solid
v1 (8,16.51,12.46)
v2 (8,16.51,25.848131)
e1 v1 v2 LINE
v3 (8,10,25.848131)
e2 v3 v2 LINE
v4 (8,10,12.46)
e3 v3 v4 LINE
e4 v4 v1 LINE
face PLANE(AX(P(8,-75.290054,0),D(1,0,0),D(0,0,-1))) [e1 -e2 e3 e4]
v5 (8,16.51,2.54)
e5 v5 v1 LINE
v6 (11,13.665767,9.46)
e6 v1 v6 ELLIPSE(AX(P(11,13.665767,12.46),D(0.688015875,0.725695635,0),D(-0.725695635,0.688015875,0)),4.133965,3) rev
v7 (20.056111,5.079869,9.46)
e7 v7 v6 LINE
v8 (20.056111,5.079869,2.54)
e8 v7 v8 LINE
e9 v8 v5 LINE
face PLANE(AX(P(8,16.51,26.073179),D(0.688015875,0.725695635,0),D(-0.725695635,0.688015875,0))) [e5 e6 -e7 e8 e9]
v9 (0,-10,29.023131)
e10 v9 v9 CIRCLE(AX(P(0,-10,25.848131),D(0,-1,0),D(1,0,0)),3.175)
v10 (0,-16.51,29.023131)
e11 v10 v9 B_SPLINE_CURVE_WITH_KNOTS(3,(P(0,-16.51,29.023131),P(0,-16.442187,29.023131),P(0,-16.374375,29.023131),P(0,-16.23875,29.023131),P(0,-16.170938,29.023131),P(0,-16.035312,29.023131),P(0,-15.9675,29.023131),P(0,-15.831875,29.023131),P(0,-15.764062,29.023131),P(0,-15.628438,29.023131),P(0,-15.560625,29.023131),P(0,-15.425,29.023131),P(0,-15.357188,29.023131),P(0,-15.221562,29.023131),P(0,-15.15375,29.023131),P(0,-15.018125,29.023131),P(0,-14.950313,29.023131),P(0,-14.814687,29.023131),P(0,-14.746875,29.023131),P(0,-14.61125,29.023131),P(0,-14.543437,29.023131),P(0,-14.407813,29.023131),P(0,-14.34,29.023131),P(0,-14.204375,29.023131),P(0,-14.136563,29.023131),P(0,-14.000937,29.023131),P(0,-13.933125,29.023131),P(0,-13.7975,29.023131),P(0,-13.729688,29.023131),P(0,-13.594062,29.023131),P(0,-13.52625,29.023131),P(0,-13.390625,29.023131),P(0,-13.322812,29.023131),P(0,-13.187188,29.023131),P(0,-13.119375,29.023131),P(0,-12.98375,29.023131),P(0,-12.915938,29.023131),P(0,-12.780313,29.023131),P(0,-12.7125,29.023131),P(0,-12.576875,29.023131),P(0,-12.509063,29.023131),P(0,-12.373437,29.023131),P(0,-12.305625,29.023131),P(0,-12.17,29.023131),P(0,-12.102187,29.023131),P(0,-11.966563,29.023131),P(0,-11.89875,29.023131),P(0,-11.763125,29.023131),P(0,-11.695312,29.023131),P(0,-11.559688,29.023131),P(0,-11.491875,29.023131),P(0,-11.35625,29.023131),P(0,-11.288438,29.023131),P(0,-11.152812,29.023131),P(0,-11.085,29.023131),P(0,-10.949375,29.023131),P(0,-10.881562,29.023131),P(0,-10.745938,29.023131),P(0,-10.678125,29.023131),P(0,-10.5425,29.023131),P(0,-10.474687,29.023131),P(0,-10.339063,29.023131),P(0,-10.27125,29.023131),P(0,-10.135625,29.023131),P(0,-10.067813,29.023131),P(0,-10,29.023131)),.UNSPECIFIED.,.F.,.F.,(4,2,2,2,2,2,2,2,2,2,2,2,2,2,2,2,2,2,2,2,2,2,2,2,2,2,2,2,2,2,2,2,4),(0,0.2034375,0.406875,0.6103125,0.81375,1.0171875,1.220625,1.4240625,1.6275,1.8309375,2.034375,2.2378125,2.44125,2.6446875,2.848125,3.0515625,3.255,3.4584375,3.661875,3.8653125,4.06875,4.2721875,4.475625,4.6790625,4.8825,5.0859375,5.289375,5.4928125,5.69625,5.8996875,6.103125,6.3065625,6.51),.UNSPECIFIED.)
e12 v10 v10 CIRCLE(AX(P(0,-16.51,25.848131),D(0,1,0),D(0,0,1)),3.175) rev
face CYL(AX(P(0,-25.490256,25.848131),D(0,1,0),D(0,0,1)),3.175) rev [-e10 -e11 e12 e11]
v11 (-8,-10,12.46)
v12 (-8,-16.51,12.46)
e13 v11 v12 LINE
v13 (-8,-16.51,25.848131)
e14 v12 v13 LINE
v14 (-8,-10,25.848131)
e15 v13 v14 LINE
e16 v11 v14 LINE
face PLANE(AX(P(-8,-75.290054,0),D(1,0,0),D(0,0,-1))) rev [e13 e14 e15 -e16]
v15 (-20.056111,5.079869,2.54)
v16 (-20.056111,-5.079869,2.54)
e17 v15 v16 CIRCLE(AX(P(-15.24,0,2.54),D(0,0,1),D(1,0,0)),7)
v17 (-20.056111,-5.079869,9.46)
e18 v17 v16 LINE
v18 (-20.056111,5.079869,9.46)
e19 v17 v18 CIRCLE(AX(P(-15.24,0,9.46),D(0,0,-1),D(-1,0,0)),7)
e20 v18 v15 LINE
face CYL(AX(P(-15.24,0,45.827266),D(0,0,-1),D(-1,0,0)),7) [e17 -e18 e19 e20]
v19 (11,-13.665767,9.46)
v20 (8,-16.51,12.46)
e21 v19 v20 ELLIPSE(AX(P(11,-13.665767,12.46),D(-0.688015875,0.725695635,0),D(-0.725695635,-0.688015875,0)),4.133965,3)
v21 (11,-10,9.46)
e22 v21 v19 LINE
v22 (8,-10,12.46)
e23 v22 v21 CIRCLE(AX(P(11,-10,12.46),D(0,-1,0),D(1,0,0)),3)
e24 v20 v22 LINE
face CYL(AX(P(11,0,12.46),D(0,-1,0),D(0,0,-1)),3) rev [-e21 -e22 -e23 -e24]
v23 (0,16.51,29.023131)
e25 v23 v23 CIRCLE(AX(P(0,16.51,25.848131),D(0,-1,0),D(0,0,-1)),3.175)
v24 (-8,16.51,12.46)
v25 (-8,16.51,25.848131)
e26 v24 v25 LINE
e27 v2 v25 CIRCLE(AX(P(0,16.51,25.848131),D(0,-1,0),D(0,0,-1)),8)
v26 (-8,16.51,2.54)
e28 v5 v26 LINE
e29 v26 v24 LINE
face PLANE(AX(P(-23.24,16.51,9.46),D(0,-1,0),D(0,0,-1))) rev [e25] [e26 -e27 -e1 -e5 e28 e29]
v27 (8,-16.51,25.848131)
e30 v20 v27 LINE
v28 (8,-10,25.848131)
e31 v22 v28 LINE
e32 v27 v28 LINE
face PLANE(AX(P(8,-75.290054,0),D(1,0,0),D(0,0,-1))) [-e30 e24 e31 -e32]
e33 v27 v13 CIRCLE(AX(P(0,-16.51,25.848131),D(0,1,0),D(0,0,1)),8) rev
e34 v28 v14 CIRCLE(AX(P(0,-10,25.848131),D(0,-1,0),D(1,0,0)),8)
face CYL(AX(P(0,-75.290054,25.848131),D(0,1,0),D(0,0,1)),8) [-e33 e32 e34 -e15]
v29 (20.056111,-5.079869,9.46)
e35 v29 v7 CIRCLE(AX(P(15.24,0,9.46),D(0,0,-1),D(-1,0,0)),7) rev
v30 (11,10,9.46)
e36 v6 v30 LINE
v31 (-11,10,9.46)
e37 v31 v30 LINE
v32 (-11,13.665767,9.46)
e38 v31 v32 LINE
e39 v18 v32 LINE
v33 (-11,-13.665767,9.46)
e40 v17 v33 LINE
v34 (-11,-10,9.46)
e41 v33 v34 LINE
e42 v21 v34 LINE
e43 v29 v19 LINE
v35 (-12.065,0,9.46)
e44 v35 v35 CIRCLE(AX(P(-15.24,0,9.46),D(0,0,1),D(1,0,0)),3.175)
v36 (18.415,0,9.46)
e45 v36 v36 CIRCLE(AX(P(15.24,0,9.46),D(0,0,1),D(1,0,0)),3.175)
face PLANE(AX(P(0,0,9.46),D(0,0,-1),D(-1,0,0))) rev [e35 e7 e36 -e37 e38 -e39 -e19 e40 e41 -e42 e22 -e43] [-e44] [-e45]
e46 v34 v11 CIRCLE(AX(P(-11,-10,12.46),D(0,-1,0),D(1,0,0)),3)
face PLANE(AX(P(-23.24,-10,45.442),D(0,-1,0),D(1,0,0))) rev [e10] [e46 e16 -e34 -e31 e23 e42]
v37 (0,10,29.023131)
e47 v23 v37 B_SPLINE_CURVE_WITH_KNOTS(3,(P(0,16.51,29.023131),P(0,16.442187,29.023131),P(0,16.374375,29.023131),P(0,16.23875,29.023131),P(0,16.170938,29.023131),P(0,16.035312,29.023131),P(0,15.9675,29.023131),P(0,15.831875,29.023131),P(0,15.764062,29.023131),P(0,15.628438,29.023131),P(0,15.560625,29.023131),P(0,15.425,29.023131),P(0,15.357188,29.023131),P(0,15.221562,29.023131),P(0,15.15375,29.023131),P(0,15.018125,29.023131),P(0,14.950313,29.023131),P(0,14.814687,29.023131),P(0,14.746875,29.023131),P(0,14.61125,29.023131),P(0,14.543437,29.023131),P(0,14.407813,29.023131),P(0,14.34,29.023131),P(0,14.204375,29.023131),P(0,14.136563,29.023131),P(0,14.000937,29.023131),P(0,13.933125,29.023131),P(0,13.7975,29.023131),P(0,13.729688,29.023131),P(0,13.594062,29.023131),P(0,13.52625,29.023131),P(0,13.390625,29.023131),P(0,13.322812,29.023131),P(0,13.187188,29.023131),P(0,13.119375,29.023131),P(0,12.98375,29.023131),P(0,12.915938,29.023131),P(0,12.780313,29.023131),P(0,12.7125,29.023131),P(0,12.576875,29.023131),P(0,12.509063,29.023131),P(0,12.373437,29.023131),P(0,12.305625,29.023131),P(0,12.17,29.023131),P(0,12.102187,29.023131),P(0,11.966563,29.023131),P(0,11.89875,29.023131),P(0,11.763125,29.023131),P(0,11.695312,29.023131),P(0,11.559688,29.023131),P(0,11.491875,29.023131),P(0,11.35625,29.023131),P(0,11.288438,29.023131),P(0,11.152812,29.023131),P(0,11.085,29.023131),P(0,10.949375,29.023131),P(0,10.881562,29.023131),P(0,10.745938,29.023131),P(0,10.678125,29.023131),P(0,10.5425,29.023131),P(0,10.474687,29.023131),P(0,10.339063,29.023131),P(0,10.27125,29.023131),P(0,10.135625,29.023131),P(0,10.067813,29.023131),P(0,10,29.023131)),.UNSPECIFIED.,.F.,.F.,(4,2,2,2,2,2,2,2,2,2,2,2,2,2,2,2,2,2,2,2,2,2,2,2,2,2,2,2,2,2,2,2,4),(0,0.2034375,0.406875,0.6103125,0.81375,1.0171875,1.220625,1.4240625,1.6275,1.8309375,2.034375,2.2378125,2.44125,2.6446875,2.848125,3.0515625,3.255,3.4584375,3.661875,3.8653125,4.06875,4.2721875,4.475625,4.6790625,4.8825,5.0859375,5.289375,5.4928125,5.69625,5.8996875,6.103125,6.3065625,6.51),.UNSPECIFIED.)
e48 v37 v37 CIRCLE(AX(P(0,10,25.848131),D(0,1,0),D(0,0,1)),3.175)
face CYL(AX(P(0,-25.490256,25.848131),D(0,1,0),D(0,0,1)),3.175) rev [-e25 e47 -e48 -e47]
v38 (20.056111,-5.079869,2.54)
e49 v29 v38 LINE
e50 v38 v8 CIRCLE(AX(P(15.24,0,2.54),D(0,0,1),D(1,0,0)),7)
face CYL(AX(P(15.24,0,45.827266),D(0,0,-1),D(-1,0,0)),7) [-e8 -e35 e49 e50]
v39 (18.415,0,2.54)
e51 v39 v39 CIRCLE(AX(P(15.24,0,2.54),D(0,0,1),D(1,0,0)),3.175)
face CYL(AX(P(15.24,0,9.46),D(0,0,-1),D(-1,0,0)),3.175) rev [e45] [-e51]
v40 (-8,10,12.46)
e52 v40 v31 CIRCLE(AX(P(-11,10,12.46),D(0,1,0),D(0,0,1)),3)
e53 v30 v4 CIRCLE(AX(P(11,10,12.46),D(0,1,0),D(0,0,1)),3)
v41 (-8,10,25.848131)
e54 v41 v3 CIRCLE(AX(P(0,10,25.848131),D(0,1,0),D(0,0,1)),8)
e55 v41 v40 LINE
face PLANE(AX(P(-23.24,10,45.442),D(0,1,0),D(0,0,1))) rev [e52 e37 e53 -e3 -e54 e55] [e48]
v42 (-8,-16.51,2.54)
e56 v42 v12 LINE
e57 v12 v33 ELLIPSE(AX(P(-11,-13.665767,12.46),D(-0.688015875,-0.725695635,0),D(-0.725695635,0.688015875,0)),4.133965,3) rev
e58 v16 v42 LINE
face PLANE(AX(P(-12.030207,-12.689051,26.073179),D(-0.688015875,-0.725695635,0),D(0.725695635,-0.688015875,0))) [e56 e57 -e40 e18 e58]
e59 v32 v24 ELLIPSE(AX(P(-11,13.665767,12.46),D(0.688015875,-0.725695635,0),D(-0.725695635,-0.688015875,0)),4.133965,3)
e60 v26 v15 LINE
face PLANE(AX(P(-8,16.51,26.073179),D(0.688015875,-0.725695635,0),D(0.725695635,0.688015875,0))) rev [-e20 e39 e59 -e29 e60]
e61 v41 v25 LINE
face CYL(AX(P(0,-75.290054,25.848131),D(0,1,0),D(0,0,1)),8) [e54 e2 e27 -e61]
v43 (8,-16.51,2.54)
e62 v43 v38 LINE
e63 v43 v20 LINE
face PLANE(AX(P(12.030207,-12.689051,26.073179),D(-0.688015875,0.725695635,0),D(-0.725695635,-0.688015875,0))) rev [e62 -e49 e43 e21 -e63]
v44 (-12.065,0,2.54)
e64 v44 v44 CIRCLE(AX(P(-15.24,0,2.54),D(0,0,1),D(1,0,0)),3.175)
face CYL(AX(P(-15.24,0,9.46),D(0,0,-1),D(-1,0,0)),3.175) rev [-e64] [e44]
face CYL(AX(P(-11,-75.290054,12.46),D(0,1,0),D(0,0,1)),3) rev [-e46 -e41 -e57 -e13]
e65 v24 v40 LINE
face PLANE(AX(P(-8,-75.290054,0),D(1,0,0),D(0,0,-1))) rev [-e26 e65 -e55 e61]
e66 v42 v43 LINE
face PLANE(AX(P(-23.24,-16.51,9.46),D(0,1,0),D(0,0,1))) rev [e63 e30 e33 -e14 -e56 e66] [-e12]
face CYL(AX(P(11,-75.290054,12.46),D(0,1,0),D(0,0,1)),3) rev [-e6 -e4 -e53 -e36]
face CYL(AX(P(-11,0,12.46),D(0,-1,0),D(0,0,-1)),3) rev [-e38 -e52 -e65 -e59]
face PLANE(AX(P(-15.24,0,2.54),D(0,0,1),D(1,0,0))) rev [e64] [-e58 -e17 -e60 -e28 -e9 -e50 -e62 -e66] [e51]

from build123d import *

# Parameters (mm, degrees)
SKETCH1_W                      = 46.48
SKETCH1_H                      = 33.02
SKETCH1_R                      = 3.175
BOSS_EXTRUDE1_DEPTH            = 9.46
SKETCH2_W                      = 46.48
SKETCH2_H                      = 6.51
BOSS_EXTRUDE2_DEPTH            = 35.982
CUT_EXTRUDE1_REACH             = 55.644
SKETCH4_R                      = 3.175
CUT_EXTRUDE1_DIRECTION_2_REACH = 55.644
CUT_EXTRUDE3_REACH             = 55.644
CUT_EXTRUDE3_DIRECTION_2_REACH = 55.644
CUT_EXTRUDE4_DEPTH             = 9.46
BOSS_EXTRUDE3_DEPTH            = 9.46
FILLET3_R                      = 3
CUT_EXTRUDE5_DEPTH             = 2.54


with BuildPart() as part:
    # Sketch1 → Boss-Extrude1 (new body)
    with BuildSketch(Plane.XY):
        Rectangle(SKETCH1_W, SKETCH1_H)
        with Locations((15.24, 0)):
            Circle(SKETCH1_R, mode=Mode.SUBTRACT)
        with Locations((-15.24, 0)):
            Circle(SKETCH1_R, mode=Mode.SUBTRACT)
    extrude(amount=BOSS_EXTRUDE1_DEPTH)

    # Sketch2 → Boss-Extrude2 (add)
    with BuildSketch(Plane.XY.offset(9.46)):
        with Locations((0, 13.255)):
            Rectangle(SKETCH2_W, SKETCH2_H)
        with Locations((0, -13.255)):
            Rectangle(SKETCH2_W, SKETCH2_H)
    extrude(amount=BOSS_EXTRUDE2_DEPTH)

    # Cut-Extrude1: up to this face of the body (flat: up to its plane)
    cut_extrude1_end = Plane(part.part.faces().sort_by_distance((0, -16.51, 22.721))[0])
    # Sketch4 → Cut-Extrude1 (cut, up to the picked face)
    with BuildSketch(Plane(origin=(0, 0, 0), x_dir=(1, 0, 0), z_dir=(0, 1, 0)), mode=Mode.PRIVATE) as cut_extrude1_sk1:
        with Locations(Location((0, -25.8481308, 0), (0, 0, 270))):
            Circle(SKETCH4_R)
    cut_extrude1_tool1 = split(extrude(cut_extrude1_sk1.sketch, amount=-CUT_EXTRUDE1_REACH, mode=Mode.PRIVATE), bisect_by=cut_extrude1_end, keep=Keep.BOTH, mode=Mode.PRIVATE)
    add(cut_extrude1_tool1.solids().sort_by(Axis((0, 0, 25.848131), (0, -1, 0)))[0], mode=Mode.SUBTRACT)

    # Cut-Extrude1 direction 2: up to this face of the body (flat: up to its plane)
    cut_extrude1_direction_2_end = Plane(part.part.faces().sort_by_distance((0, 16.51, 22.721))[0])
    # Sketch4 → Cut-Extrude1 direction 2 (cut, up to the picked face)
    with BuildSketch(Plane(origin=(0, 0, 0), x_dir=(1, 0, 0), z_dir=(0, 1, 0)), mode=Mode.PRIVATE) as cut_extrude1_direction_2_sk1:
        with Locations(Location((0, -25.8481308, 0), (0, 0, 270))):
            Circle(SKETCH4_R)
    cut_extrude1_direction_2_tool1 = split(extrude(cut_extrude1_direction_2_sk1.sketch, amount=CUT_EXTRUDE1_DIRECTION_2_REACH, mode=Mode.PRIVATE), bisect_by=cut_extrude1_direction_2_end, keep=Keep.BOTH, mode=Mode.PRIVATE)
    add(cut_extrude1_direction_2_tool1.solids().sort_by(Axis((0, 0, 25.848131), (0, 1, 0)))[0], mode=Mode.SUBTRACT)

    # Cut-Extrude3: up to this face of the body (flat: up to its plane)
    cut_extrude3_end = Plane(part.part.faces().sort_by_distance((-22.589971865, -16.51, 22.721))[0])
    # Sketch6 → Cut-Extrude3 (cut, up to the picked face)
    with BuildSketch(Plane(origin=(0, 0, 0), x_dir=(1, 0, 0), z_dir=(0, 1, 0)), mode=Mode.PRIVATE) as cut_extrude3_sk1:
        with BuildLine():
            Line((-8, -25.8481308), (-8, -17.46))
            Line((-8, -17.46), (-8, -9.46))
            Line((-8, -9.46), (-16, -9.46))
            Line((-16, -9.46), (-23.24, -9.46))
            Line((-23.24, -9.46), (-23.24, -45.442))
            Line((-23.24, -45.442), (23.24, -45.442))
            Line((23.24, -45.442), (23.24, -9.46))
            Line((23.24, -9.46), (16, -9.46))
            Line((16, -9.46), (8, -9.46))
            Line((8, -9.46), (8, -17.46))
            Line((8, -17.46), (8, -25.8481308))
            ThreePointArc((8, -25.8481308), (0, -33.8481308), (-8, -25.8481308))
        make_face()
    cut_extrude3_tool1 = split(extrude(cut_extrude3_sk1.sketch, amount=-CUT_EXTRUDE3_REACH, mode=Mode.PRIVATE), bisect_by=cut_extrude3_end, keep=Keep.BOTH, mode=Mode.PRIVATE)
    add(cut_extrude3_tool1.solids().sort_by(Axis((-8.587801, 0, 21.654065), (0, -1, 0)))[0], mode=Mode.SUBTRACT)

    # Cut-Extrude3 direction 2: up to this face of the body (flat: up to its plane)
    cut_extrude3_direction_2_end = Plane(part.part.faces().sort_by_distance((22.589971865, 16.51, 22.721))[0])
    # Sketch6 → Cut-Extrude3 direction 2 (cut, up to the picked face)
    with BuildSketch(Plane(origin=(0, 0, 0), x_dir=(1, 0, 0), z_dir=(0, 1, 0)), mode=Mode.PRIVATE) as cut_extrude3_direction_2_sk1:
        with BuildLine():
            Line((-8, -25.8481308), (-8, -17.46))
            Line((-8, -17.46), (-8, -9.46))
            Line((-8, -9.46), (-16, -9.46))
            Line((-16, -9.46), (-23.24, -9.46))
            Line((-23.24, -9.46), (-23.24, -45.442))
            Line((-23.24, -45.442), (23.24, -45.442))
            Line((23.24, -45.442), (23.24, -9.46))
            Line((23.24, -9.46), (16, -9.46))
            Line((16, -9.46), (8, -9.46))
            Line((8, -9.46), (8, -17.46))
            Line((8, -17.46), (8, -25.8481308))
            ThreePointArc((8, -25.8481308), (0, -33.8481308), (-8, -25.8481308))
        make_face()
    cut_extrude3_direction_2_tool1 = split(extrude(cut_extrude3_direction_2_sk1.sketch, amount=CUT_EXTRUDE3_DIRECTION_2_REACH, mode=Mode.PRIVATE), bisect_by=cut_extrude3_direction_2_end, keep=Keep.BOTH, mode=Mode.PRIVATE)
    add(cut_extrude3_direction_2_tool1.solids().sort_by(Axis((-8.587801, 0, 21.654065), (0, 1, 0)))[0], mode=Mode.SUBTRACT)

    # Sketch7 → Cut-Extrude4 (cut)
    with BuildSketch(Plane.XY):
        with BuildLine():
            ThreePointArc((-15.24, -7), (-22.24, 0), (-15.24, 7))
            Line((-15.24, 7), (-8, 7))
            Line((-8, 7), (-8, 16.51))
            Line((-8, 16.51), (-23.24, 16.51))
            Line((-23.24, 16.51), (-23.24, -16.51))
            Line((-23.24, -16.51), (-8, -16.51))
            Line((-8, -16.51), (-8, -7))
            Line((-8, -7), (-15.24, -7))
        make_face()
        with BuildLine():
            Line((8, 16.51), (8, 7))
            Line((8, 7), (15.24, 7))
            ThreePointArc((15.24, 7), (22.24, 0), (15.24, -7))
            Line((15.24, -7), (8, -7))
            Line((8, -7), (8, -16.51))
            Line((8, -16.51), (23.24, -16.51))
            Line((23.24, -16.51), (23.24, 16.51))
            Line((23.24, 16.51), (8, 16.51))
        make_face()
    extrude(amount=CUT_EXTRUDE4_DEPTH, mode=Mode.SUBTRACT)

    # Sketch8 → Boss-Extrude3 (add)
    with BuildSketch(Plane.XY):
        with BuildLine():
            Line((8, -16.51), (20.056111128, -5.079869447))
            ThreePointArc((20.056111128, -5.079869447), (17.832384411, -6.502272146), (15.24, -7))
            Line((15.24, -7), (8, -7))
            Line((8, -7), (8, -16.51))
        make_face()
        with BuildLine():
            ThreePointArc((-20.056111128, -5.079869447), (-17.832384411, -6.502272146), (-15.24, -7))
            Line((-15.24, -7), (-8, -7))
            Line((-8, -7), (-8, -16.51))
            Line((-8, -16.51), (-20.056111128, -5.079869447))
        make_face()
        with BuildLine():
            Line((8, 16.51), (20.056111128, 5.079869447))
            ThreePointArc((20.056111128, 5.079869447), (17.832384411, 6.502272146), (15.24, 7))
            Line((15.24, 7), (8, 7))
            Line((8, 7), (8, 16.51))
        make_face()
        with BuildLine():
            Line((-8, 16.51), (-20.056111128, 5.079869447))
            ThreePointArc((-20.056111128, 5.079869447), (-17.832384411, 6.502272146), (-15.24, 7))
            Line((-15.24, 7), (-8, 7))
            Line((-8, 7), (-8, 16.51))
        make_face()
    extrude(amount=BOSS_EXTRUDE3_DEPTH)

    # Fillet3
    fillet3_edges = [part.edges().sort_by_distance(p)[0] for p in [
        (8, -13.255, 9.46),
        (-8, -13.255, 9.46),
        (8, 13.255, 9.46),
        (-8, 13.255, 9.46),
    ]]
    fillet(fillet3_edges, radius=FILLET3_R)

    # Sketch10 → Cut-Extrude5 (cut)
    with BuildSketch(Plane.XY):
        with BuildLine():
            Line((-8, 16.51), (-20.056111128, 5.079869447))
            ThreePointArc((-20.056111128, 5.079869447), (-22.24, 0), (-20.056111128, -5.079869447))
            Line((-20.056111128, -5.079869447), (-8, -16.51))
            Line((-8, -16.51), (8, -16.51))
            Line((8, -16.51), (20.056111128, -5.079869447))
            ThreePointArc((20.056111128, -5.079869447), (22.24, 0), (20.056111128, 5.079869447))
            Line((20.056111128, 5.079869447), (8, 16.51))
            Line((8, 16.51), (-8, 16.51))
        make_face()
    extrude(amount=CUT_EXTRUDE5_DEPTH, mode=Mode.SUBTRACT)


solid = part.part
